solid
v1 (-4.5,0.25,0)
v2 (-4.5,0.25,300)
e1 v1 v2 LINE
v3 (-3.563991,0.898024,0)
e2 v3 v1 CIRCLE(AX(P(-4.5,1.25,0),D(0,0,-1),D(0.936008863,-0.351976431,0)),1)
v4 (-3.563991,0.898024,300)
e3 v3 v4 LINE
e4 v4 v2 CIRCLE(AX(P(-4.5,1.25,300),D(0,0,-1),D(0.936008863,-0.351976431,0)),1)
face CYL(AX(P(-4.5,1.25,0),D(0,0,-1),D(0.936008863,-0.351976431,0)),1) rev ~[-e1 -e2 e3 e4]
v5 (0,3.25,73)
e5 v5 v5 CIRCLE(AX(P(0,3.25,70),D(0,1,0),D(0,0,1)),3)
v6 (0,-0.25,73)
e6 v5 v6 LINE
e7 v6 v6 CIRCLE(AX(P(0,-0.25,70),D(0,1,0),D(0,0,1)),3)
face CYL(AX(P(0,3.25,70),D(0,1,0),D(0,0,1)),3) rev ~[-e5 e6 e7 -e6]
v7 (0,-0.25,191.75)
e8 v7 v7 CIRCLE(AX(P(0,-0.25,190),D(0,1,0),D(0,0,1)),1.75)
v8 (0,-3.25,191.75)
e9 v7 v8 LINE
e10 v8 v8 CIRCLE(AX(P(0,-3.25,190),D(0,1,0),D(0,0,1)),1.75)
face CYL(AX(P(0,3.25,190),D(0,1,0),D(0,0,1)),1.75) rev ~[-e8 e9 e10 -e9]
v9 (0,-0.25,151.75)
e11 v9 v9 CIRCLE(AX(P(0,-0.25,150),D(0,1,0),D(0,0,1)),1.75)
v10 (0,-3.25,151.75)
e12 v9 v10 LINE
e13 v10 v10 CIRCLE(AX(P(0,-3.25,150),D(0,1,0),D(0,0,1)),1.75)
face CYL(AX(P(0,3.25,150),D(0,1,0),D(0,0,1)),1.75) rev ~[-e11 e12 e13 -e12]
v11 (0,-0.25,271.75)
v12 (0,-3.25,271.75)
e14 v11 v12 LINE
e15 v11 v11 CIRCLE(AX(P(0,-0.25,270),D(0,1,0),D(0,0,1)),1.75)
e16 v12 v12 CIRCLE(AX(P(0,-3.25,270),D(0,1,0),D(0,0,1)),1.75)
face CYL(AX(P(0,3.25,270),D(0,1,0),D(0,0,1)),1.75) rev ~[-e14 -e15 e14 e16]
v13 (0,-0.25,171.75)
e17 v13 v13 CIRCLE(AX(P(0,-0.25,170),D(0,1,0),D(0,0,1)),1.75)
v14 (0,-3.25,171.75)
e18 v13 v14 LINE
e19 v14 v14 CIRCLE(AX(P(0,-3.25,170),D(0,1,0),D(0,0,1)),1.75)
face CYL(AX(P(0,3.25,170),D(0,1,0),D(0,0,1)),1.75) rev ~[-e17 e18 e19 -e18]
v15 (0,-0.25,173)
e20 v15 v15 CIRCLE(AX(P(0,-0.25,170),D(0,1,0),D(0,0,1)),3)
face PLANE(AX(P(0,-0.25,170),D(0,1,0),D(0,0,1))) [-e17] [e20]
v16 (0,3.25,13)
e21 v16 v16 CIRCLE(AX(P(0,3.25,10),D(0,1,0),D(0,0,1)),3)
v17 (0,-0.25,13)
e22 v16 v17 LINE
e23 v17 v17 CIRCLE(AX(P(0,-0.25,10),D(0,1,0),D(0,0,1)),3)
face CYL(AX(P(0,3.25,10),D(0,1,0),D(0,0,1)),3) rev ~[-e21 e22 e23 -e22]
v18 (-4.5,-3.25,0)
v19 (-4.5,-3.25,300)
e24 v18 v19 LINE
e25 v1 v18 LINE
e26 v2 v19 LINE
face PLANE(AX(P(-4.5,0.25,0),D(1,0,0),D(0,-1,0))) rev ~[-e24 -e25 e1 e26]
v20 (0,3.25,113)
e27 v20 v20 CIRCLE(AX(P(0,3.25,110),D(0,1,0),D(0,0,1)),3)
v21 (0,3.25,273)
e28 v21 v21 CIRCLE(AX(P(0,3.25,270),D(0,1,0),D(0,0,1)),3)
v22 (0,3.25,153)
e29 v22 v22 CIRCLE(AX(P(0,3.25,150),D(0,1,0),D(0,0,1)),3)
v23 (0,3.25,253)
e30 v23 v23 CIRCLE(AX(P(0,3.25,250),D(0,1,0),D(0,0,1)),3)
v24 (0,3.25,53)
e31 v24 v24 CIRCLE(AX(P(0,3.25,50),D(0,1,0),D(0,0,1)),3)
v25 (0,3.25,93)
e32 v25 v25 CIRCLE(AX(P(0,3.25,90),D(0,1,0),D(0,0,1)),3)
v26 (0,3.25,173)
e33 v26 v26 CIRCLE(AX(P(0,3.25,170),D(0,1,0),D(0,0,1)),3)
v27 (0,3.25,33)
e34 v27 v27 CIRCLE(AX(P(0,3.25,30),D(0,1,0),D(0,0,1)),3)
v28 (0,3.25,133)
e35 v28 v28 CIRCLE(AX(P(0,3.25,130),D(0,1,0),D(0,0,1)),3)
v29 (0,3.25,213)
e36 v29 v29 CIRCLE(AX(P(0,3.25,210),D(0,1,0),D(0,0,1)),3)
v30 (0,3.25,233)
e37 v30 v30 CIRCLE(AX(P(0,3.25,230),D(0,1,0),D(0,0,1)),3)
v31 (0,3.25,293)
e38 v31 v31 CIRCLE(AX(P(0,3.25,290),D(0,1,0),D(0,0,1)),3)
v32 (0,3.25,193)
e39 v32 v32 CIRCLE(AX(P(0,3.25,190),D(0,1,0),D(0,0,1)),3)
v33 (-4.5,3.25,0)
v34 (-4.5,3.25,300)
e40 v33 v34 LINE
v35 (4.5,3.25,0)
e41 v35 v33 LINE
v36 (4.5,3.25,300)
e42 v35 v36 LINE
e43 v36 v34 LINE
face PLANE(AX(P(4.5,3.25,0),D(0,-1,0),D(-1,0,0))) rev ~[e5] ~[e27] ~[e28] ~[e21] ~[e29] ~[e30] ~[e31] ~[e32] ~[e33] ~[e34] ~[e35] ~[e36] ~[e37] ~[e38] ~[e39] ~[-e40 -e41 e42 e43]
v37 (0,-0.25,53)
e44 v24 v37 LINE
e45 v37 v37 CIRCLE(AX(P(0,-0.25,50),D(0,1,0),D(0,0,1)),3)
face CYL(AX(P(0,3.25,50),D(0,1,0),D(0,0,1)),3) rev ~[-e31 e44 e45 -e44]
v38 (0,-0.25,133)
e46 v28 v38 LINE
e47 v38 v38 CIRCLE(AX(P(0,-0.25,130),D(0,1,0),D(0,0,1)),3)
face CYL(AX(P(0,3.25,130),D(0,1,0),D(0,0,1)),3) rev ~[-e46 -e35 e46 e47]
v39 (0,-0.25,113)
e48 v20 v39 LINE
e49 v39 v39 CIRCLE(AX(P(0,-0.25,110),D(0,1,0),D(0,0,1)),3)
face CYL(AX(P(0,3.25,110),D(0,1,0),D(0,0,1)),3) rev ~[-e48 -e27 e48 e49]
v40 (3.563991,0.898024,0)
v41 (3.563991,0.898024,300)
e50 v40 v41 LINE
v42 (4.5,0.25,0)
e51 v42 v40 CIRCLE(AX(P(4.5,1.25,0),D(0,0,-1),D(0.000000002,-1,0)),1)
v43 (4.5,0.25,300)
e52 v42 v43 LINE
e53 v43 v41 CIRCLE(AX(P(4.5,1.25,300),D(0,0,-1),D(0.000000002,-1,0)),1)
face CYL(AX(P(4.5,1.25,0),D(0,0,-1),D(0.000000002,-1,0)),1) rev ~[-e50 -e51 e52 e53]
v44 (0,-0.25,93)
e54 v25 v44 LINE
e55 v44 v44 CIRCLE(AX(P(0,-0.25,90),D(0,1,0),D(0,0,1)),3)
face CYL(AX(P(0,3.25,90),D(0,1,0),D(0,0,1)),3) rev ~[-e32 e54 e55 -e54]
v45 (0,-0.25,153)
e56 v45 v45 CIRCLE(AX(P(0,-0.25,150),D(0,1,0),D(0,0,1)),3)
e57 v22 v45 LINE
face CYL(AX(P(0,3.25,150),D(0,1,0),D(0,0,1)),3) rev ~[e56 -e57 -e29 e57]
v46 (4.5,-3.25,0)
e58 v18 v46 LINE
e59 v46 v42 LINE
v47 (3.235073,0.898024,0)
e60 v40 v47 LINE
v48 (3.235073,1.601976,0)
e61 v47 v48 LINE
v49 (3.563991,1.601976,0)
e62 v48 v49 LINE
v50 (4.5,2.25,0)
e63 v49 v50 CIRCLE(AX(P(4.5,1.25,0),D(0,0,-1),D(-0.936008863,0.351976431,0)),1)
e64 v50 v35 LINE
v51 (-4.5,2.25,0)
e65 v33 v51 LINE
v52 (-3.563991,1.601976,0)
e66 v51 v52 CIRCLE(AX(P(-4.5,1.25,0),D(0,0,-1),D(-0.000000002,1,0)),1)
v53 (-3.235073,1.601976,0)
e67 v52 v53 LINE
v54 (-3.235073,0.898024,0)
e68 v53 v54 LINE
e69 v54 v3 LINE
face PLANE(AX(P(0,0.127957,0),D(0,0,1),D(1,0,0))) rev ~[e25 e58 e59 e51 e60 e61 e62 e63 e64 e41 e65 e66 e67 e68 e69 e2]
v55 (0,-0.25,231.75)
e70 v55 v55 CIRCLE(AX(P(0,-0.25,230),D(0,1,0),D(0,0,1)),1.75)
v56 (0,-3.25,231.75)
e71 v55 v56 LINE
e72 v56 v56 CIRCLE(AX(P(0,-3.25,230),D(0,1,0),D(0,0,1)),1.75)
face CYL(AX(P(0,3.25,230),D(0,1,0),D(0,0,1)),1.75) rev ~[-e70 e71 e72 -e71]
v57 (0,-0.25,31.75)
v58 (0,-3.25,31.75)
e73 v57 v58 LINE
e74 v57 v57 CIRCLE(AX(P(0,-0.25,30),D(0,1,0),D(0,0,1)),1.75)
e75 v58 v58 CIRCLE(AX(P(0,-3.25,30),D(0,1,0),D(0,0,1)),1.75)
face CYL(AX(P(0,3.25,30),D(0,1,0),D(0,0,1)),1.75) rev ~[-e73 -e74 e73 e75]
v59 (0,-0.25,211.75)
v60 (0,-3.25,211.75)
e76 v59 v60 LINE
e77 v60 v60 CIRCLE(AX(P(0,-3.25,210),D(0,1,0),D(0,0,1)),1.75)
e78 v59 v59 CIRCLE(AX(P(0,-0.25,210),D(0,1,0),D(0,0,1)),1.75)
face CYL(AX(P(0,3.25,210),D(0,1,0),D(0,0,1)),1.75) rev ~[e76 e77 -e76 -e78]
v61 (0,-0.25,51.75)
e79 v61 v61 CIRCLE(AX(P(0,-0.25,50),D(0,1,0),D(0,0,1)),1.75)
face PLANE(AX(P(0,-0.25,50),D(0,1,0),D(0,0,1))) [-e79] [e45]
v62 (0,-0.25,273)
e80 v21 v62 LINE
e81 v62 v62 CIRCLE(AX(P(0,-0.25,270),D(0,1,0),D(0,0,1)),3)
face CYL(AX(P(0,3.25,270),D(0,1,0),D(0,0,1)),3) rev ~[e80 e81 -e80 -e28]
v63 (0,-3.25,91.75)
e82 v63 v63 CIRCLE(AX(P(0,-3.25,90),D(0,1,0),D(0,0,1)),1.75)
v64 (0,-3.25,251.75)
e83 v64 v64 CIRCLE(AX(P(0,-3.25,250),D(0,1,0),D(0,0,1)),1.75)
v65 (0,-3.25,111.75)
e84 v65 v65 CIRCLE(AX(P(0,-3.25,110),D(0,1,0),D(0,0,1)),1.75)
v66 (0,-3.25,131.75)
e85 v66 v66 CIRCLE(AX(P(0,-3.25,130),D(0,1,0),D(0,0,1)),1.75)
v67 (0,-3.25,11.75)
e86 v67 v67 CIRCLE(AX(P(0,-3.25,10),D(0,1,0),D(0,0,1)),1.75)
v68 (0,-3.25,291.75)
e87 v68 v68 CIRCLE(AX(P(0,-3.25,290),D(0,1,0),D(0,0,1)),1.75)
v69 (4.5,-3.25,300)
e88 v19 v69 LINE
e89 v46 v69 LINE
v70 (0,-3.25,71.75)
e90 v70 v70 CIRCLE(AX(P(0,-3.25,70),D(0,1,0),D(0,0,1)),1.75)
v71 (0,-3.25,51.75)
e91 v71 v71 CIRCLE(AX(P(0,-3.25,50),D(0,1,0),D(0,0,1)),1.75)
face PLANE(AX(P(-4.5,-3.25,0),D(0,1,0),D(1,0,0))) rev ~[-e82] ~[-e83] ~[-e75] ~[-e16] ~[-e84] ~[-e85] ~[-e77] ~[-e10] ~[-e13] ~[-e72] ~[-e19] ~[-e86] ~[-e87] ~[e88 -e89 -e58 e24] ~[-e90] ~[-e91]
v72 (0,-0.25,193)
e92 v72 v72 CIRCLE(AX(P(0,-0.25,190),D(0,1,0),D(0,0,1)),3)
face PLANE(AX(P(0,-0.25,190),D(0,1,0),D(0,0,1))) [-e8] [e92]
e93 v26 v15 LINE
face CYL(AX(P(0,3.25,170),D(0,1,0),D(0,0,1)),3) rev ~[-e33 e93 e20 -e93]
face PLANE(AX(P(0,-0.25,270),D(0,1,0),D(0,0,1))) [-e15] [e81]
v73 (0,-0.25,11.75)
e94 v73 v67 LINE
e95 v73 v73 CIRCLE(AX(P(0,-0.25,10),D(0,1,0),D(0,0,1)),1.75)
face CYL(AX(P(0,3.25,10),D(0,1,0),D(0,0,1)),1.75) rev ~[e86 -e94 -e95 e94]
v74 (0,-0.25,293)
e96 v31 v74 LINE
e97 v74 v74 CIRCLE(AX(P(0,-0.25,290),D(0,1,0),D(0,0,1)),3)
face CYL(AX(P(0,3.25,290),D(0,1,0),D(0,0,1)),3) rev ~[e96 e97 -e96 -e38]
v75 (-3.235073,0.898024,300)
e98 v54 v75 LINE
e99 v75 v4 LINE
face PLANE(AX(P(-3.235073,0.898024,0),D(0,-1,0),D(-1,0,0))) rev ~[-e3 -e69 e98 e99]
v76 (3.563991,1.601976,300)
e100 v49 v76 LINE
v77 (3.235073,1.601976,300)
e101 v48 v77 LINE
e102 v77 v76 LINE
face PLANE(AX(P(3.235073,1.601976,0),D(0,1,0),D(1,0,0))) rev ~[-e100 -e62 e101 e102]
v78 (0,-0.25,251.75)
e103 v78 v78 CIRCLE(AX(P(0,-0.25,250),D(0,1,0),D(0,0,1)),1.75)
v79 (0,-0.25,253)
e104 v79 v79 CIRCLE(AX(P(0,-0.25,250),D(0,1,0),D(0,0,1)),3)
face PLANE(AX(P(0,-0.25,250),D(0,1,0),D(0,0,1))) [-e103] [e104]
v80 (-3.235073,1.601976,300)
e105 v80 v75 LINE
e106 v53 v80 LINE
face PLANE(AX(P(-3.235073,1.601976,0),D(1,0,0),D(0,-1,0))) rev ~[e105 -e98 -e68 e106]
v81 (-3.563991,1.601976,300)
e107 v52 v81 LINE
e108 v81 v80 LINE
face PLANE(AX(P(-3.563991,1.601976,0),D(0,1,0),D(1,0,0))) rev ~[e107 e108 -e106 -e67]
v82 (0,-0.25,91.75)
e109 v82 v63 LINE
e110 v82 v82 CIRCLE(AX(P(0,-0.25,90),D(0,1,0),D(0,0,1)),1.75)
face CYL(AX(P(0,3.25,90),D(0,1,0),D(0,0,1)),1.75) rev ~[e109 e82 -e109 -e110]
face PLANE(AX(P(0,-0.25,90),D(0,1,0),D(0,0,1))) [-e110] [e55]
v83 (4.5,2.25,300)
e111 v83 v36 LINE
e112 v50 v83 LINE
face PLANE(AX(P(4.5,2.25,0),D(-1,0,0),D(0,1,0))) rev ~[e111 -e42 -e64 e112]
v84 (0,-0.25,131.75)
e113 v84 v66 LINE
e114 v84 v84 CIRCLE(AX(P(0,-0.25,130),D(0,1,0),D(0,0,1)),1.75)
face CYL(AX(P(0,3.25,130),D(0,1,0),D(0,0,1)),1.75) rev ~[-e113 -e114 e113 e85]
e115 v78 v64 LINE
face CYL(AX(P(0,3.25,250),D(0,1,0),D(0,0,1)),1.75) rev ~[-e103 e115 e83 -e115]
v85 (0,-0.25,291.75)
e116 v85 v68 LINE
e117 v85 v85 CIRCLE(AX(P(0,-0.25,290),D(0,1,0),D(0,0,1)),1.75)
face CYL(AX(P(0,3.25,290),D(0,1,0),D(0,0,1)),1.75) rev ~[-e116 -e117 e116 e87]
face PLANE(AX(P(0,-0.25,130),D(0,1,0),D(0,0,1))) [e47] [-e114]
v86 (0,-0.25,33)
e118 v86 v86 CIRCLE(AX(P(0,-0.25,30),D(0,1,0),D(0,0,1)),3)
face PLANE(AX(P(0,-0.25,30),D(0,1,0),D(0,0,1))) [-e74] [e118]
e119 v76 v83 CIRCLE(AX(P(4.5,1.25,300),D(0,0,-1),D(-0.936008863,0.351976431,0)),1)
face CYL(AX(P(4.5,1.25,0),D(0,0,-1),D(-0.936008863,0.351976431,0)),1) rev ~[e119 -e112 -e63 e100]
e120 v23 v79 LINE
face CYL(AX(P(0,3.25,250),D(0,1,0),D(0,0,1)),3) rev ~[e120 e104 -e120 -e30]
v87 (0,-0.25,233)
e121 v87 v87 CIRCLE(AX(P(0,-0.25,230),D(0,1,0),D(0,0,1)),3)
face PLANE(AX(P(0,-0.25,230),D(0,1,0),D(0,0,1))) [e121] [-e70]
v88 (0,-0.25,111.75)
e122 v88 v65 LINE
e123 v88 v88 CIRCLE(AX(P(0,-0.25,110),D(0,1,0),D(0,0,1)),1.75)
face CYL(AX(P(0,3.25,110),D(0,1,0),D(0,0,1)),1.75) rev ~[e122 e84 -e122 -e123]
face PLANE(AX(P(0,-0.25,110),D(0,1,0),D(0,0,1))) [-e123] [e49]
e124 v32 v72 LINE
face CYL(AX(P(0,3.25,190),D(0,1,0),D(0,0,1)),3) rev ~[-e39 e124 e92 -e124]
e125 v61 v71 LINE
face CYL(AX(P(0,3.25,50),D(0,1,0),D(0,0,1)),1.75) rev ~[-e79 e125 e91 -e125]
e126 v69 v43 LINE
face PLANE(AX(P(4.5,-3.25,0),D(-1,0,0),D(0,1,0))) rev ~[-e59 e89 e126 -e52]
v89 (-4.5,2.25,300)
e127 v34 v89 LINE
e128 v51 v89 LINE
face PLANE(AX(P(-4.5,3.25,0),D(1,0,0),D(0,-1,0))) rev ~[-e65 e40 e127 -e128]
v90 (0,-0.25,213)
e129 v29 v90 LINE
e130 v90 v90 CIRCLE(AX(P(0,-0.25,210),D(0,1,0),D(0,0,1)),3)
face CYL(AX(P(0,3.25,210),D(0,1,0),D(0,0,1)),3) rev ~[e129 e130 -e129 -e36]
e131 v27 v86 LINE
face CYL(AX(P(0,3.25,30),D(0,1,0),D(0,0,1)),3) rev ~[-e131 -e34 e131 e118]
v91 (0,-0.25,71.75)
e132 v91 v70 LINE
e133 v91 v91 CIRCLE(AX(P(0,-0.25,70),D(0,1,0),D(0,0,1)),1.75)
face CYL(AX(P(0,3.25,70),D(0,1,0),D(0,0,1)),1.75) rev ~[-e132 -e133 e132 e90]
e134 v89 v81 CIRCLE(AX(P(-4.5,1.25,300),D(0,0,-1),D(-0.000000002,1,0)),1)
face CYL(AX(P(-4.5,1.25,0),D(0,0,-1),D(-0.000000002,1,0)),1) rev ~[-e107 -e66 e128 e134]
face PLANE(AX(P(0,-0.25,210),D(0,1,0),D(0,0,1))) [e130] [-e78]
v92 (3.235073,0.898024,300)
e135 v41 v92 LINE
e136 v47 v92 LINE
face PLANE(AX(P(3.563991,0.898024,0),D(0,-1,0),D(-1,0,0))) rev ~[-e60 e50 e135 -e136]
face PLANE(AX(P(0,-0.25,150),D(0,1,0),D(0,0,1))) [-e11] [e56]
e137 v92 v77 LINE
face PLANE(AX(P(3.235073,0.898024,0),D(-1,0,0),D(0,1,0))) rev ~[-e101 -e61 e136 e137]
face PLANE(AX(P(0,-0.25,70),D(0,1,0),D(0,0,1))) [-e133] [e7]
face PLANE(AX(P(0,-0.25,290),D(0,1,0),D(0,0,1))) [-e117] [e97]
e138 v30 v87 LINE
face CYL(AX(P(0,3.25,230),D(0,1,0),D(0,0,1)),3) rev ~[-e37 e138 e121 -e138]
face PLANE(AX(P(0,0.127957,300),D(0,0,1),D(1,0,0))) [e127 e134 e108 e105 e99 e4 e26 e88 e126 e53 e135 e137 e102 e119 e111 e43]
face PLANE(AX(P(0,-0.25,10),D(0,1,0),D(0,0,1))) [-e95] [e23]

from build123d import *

# Parameters (mm, degrees)
EXTRUDE1_DEPTH  = 300
SKETCH2_R       = 3
EXTRUDE2_DEPTH  = 3.5
SKETCH_R        = 1.75
EXTRUDE3_DEPTH  = 301.104148588
LPATTERN1_COUNT = 16
LPATTERN1_PITCH = 20


with BuildPart() as part:
    # Sketch1 → Extrude1 (new body)
    with BuildSketch(Plane.XY):
        with BuildLine():
            Line((-4.5, -3.25), (4.5, -3.25))
            Line((4.5, -3.25), (4.5, 0.25))
            ThreePointArc((4.5, 0.25), (3.93077967, 0.427814974), (3.563991137, 0.898023568))
            Line((3.563991137, 0.898023568), (3.235073025, 0.898023568))
            Line((3.235073025, 0.898023568), (3.235073025, 1.601976432))
            Line((3.235073025, 1.601976432), (3.563991137, 1.601976432))
            ThreePointArc((3.563991137, 1.601976432), (3.93077967, 2.072185026), (4.5, 2.25))
            Line((4.5, 2.25), (4.5, 3.25))
            Line((4.5, 3.25), (-4.5, 3.25))
            Line((-4.5, 3.25), (-4.5, 2.25))
            ThreePointArc((-4.5, 2.25), (-3.93077967, 2.072185026), (-3.563991137, 1.601976432))
            Line((-3.563991137, 1.601976432), (-3.235073025, 1.601976432))
            Line((-3.235073025, 1.601976432), (-3.235073025, 0.898023568))
            Line((-3.235073025, 0.898023568), (-3.563991137, 0.898023568))
            ThreePointArc((-3.563991137, 0.898023568), (-3.93077967, 0.427814974), (-4.5, 0.25))
            Line((-4.5, 0.25), (-4.5, -3.25))
        make_face()
    extrude(amount=EXTRUDE1_DEPTH)

    # Sketch2 → Extrude2 (cut)
    with BuildSketch(Plane(origin=(0, 3.25, 0), x_dir=(1, 0, 0), z_dir=(0, 1, 0))):
        with Locations((0, -10)):
            Circle(SKETCH2_R)
    extrude2 = extrude(amount=-EXTRUDE2_DEPTH, mode=Mode.SUBTRACT)

    # Sketch → Extrude3 (cut, through all)
    with BuildSketch(Plane(origin=(0, 3.25, 0), x_dir=(1, 0, 0), z_dir=(0, 1, 0))):
        with Locations((0, -10)):
            Circle(SKETCH_R)
    extrude3 = extrude(amount=-EXTRUDE3_DEPTH, mode=Mode.SUBTRACT)

    # LPattern1: Extrude2, Extrude3 ×16
    with Locations(*[(0, 0, i * LPATTERN1_PITCH) for i in range(1, LPATTERN1_COUNT)]):
        add(extrude2, mode=Mode.SUBTRACT)
        add(extrude3, mode=Mode.SUBTRACT)


solid = part.part
